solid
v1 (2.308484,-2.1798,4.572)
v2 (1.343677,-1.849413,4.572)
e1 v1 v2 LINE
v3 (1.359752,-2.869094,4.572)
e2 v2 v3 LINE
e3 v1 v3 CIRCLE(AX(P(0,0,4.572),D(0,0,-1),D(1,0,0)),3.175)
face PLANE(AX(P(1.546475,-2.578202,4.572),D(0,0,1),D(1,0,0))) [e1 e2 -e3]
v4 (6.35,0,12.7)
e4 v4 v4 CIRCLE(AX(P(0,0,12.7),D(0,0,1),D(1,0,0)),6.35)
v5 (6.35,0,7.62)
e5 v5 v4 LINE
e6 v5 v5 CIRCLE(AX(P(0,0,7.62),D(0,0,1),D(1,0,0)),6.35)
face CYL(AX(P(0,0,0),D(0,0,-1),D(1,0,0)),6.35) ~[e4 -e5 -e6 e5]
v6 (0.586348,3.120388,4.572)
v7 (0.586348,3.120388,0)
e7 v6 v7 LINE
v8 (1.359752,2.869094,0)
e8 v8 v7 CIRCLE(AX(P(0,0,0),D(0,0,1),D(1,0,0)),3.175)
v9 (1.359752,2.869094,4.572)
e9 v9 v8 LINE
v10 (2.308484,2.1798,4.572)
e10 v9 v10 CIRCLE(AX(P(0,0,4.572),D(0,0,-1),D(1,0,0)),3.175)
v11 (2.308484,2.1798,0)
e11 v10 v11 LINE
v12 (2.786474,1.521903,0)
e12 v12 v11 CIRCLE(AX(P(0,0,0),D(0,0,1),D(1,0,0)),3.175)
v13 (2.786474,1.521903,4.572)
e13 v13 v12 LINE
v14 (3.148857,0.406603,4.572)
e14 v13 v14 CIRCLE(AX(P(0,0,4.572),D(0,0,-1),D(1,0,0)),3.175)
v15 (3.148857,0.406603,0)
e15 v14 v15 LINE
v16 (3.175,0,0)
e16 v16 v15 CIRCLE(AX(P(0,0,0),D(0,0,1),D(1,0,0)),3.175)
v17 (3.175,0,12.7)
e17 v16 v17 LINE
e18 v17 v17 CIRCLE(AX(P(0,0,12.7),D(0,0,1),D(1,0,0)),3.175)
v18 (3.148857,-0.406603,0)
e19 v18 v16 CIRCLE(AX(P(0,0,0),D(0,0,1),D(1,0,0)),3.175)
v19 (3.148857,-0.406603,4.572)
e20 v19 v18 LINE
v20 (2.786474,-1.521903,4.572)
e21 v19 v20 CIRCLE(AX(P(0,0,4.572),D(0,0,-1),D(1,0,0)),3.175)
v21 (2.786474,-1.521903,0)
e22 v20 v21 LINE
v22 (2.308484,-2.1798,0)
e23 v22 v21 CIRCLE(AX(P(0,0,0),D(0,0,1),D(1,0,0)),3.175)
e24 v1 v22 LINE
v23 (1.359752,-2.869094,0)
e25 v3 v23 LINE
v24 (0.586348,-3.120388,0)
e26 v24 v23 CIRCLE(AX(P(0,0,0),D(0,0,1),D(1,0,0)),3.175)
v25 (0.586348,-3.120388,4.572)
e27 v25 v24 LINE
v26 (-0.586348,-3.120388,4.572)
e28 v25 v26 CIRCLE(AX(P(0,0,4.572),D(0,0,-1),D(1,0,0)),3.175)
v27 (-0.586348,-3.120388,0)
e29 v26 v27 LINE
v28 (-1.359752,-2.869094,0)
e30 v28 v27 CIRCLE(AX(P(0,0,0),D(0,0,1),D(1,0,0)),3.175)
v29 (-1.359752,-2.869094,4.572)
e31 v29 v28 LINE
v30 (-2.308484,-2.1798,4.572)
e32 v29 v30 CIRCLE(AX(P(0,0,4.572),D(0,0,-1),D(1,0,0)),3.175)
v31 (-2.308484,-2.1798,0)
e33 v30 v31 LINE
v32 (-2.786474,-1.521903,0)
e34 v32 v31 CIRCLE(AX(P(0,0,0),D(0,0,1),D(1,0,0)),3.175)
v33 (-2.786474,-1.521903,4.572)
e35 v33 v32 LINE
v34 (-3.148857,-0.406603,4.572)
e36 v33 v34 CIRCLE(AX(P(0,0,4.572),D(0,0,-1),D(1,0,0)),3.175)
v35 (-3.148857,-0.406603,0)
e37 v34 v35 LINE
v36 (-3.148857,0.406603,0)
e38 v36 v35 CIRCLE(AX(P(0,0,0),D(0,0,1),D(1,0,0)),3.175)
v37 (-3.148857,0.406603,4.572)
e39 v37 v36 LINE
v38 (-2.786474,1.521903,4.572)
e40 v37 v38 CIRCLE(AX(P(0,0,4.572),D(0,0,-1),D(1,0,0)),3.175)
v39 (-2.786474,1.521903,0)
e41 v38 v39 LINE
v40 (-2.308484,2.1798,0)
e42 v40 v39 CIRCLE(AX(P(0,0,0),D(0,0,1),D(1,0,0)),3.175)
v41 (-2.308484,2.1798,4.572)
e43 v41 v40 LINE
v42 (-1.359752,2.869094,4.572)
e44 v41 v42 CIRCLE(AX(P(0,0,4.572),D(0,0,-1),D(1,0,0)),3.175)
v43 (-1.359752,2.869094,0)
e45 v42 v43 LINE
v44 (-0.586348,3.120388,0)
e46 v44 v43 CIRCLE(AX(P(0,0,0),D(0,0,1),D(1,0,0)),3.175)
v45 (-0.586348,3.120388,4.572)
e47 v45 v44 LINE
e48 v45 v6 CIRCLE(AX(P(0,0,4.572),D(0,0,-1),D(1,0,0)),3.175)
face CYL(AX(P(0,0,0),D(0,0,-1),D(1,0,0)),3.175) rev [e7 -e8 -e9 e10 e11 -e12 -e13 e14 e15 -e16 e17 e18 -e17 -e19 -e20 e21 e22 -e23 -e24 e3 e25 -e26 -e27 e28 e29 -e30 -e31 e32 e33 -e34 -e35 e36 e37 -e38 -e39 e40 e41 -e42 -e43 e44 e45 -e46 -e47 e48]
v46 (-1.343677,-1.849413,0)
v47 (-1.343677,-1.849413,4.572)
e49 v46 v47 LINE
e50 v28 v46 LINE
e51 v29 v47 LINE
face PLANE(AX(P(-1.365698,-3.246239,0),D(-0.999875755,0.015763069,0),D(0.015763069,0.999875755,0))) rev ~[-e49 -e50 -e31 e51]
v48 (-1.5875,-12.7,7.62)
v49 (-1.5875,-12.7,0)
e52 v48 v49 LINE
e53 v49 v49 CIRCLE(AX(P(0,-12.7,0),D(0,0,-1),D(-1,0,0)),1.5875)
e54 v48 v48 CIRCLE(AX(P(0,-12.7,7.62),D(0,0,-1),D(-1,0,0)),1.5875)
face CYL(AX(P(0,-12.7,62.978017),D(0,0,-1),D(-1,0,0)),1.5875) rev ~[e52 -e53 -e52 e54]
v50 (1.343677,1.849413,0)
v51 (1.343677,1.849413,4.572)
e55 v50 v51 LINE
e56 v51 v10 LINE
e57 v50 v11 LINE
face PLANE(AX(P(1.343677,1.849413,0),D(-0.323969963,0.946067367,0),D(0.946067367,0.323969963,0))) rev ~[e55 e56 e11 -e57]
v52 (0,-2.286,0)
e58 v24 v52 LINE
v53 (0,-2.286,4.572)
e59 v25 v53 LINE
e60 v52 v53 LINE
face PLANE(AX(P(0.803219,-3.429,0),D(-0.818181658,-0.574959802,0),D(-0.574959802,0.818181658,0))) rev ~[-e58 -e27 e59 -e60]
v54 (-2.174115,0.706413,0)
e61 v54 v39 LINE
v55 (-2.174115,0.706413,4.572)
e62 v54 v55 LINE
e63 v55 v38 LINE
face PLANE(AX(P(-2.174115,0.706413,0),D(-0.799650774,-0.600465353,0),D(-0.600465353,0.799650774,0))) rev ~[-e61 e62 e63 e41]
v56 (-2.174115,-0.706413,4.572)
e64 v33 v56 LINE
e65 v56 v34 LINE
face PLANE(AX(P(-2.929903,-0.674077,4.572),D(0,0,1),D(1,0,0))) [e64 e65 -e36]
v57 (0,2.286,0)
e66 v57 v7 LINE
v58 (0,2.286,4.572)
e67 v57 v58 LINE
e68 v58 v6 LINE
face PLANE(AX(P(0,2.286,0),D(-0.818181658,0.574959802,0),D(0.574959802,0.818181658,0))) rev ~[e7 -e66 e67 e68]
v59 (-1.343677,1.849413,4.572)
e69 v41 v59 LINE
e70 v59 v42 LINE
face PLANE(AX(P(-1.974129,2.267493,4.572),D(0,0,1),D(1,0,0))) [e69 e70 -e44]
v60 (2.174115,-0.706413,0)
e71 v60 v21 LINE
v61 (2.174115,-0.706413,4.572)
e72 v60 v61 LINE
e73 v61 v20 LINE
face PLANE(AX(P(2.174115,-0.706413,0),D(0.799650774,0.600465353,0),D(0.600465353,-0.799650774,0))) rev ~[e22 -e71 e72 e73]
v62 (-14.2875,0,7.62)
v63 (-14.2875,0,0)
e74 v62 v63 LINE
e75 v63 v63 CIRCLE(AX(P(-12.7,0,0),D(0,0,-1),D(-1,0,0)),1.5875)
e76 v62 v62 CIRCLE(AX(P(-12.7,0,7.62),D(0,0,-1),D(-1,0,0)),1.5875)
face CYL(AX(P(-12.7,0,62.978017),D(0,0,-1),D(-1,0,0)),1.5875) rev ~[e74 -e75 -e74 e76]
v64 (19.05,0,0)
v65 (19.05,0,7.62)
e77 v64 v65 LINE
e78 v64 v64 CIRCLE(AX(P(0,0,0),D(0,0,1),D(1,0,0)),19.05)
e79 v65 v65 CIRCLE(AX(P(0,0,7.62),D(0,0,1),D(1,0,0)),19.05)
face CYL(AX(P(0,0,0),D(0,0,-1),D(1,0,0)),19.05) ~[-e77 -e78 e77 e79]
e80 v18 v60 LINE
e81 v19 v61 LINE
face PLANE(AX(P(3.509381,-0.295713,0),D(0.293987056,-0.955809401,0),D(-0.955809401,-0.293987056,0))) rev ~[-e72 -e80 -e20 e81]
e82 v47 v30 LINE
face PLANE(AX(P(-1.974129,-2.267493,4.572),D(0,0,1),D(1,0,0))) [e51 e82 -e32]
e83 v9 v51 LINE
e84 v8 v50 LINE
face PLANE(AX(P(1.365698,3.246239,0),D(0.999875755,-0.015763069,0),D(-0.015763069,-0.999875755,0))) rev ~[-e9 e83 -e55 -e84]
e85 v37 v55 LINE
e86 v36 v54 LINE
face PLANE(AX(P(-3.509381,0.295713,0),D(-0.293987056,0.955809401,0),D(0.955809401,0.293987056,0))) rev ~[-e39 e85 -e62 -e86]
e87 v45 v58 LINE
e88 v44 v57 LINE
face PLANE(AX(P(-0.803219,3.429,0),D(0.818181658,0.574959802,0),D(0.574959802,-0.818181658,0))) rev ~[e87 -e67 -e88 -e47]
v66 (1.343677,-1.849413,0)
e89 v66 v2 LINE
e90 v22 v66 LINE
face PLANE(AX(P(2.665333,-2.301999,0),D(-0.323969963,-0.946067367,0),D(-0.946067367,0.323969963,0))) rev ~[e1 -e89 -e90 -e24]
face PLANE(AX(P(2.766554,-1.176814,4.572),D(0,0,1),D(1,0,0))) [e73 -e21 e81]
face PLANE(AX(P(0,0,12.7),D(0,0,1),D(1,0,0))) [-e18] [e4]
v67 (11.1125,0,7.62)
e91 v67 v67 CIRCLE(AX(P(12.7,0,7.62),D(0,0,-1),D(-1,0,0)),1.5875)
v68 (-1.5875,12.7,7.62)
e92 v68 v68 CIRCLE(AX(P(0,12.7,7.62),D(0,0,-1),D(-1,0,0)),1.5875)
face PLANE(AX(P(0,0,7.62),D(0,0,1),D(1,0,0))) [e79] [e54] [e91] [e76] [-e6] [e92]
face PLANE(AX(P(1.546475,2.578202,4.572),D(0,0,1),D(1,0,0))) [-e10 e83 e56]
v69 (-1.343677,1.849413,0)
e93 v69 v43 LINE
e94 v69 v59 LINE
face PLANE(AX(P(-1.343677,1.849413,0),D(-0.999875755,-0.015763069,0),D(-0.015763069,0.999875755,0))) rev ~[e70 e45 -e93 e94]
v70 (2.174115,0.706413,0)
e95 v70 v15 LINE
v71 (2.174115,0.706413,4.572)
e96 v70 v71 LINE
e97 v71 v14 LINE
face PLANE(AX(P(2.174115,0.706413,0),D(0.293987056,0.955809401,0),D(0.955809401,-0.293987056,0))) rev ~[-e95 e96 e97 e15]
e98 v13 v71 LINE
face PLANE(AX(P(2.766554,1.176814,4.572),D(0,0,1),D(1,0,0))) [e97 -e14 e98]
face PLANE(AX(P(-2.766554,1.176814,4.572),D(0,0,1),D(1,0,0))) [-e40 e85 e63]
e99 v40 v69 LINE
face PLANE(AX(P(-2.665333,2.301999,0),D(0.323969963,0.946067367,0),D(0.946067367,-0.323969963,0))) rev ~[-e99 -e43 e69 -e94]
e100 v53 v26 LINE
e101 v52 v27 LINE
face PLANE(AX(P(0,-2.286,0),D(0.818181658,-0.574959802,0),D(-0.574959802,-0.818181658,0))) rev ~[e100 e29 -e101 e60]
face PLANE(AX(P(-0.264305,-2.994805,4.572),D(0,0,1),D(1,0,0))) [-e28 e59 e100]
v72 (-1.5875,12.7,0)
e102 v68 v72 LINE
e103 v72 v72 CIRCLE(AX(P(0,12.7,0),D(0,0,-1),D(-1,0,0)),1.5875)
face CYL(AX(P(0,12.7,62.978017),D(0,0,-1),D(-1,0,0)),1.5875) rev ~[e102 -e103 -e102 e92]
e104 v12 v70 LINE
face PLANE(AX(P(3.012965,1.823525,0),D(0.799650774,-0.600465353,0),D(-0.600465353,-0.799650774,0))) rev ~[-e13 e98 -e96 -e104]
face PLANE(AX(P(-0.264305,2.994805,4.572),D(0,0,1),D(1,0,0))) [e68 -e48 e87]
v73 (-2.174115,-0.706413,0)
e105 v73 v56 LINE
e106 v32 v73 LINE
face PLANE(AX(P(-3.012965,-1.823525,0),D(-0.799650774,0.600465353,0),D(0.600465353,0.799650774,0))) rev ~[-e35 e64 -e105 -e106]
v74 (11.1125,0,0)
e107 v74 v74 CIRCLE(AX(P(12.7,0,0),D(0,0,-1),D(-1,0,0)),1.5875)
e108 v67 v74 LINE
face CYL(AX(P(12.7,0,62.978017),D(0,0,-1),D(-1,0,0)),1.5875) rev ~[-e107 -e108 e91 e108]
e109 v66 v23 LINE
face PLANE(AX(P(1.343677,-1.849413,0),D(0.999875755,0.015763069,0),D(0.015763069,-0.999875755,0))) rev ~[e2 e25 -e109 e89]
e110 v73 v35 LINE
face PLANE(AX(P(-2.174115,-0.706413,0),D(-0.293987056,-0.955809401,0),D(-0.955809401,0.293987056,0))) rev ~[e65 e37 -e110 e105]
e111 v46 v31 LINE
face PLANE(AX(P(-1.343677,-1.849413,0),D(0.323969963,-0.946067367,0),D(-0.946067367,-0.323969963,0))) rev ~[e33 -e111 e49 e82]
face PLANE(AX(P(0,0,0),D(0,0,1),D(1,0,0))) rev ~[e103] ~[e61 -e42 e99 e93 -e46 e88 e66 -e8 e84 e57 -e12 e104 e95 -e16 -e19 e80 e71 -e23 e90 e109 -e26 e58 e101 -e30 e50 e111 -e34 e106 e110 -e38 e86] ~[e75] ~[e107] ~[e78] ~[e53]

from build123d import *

# Parameters (mm, degrees)
F0_R     = 6.35
F0_R_2   = 3.175
F1_DEPTH = 12.7
F2_R     = 19.05
F2_R_2   = 6.35
F3_DEPTH = 7.62
F5_DEPTH = 4.572
F7_D     = 3.175


with BuildPart() as f1:
    # F0 (on Top) → F1 (new body)
    with BuildSketch(Plane.XY):
        Circle(F0_R)
        Circle(F0_R_2, mode=Mode.SUBTRACT)
    extrude(amount=F1_DEPTH)

    # F2 (on Top) → F3 (join)
    with BuildSketch(Plane.XY):
        Circle(F2_R)
        Circle(F2_R_2, mode=Mode.SUBTRACT)
    extrude(amount=F3_DEPTH)

    # F4 (on Top) → F5 (join)
    with BuildSketch(Plane.XY):
        Polygon((-0.803219, 3.429), (0, 2.286), (0, 3.429), align=None)
        Polygon((0, 3.429), (0, 2.286), (0.803219, 3.429), align=None)
        Polygon((1.365698, 3.246239), (1.343677, 1.849413), (2.015516, 2.774119), align=None)
        Polygon((2.015516, 2.774119), (1.343677, 1.849413), (2.665333, 2.301999), align=None)
        Polygon((3.012965, 1.823525), (2.174115, 0.706413), (3.261173, 1.059619), align=None)
        Polygon((3.261173, 1.059619), (2.174115, 0.706413), (3.509381, 0.295713), align=None)
        Polygon((0, -2.286), (-0.803219, -3.429), (0, -3.429), align=None)
        Polygon((0.803219, -3.429), (0, -2.286), (0, -3.429), align=None)
        Polygon((1.365698, -3.246239), (2.015516, -2.774119), (1.343677, -1.849413), align=None)
        Polygon((1.343677, -1.849413), (2.015516, -2.774119), (2.665333, -2.301999), align=None)
        Polygon((3.012965, -1.823525), (3.261173, -1.059619), (2.174115, -0.706413), align=None)
        Polygon((2.174115, -0.706413), (3.261173, -1.059619), (3.509381, -0.295713), align=None)
        Polygon((-2.665333, 2.301999), (-1.343677, 1.849413), (-2.015516, 2.774119), align=None)
        Polygon((-2.015516, 2.774119), (-1.343677, 1.849413), (-1.365698, 3.246239), align=None)
        Polygon((-3.012965, 1.823525), (-3.261173, 1.059619), (-2.174115, 0.706413), align=None)
        Polygon((-2.174115, 0.706413), (-3.261173, 1.059619), (-3.509381, 0.295713), align=None)
        Polygon((-3.261173, -1.059619), (-2.174115, -0.706413), (-3.509381, -0.295713), align=None)
        Polygon((-3.012965, -1.823525), (-2.174115, -0.706413), (-3.261173, -1.059619), align=None)
        Polygon((-2.015516, -2.774119), (-1.343677, -1.849413), (-2.665333, -2.301999), align=None)
        Polygon((-1.365698, -3.246239), (-1.343677, -1.849413), (-2.015516, -2.774119), align=None)
    extrude(amount=F5_DEPTH)

    # F7 (through all)
    with Locations(Plane.XY.offset(7.62)):
        with Locations((0, -12.7), (-12.7, 0), (0, 12.7), (12.7, 0)):
            Hole(F7_D / 2)


solid = f1.part
